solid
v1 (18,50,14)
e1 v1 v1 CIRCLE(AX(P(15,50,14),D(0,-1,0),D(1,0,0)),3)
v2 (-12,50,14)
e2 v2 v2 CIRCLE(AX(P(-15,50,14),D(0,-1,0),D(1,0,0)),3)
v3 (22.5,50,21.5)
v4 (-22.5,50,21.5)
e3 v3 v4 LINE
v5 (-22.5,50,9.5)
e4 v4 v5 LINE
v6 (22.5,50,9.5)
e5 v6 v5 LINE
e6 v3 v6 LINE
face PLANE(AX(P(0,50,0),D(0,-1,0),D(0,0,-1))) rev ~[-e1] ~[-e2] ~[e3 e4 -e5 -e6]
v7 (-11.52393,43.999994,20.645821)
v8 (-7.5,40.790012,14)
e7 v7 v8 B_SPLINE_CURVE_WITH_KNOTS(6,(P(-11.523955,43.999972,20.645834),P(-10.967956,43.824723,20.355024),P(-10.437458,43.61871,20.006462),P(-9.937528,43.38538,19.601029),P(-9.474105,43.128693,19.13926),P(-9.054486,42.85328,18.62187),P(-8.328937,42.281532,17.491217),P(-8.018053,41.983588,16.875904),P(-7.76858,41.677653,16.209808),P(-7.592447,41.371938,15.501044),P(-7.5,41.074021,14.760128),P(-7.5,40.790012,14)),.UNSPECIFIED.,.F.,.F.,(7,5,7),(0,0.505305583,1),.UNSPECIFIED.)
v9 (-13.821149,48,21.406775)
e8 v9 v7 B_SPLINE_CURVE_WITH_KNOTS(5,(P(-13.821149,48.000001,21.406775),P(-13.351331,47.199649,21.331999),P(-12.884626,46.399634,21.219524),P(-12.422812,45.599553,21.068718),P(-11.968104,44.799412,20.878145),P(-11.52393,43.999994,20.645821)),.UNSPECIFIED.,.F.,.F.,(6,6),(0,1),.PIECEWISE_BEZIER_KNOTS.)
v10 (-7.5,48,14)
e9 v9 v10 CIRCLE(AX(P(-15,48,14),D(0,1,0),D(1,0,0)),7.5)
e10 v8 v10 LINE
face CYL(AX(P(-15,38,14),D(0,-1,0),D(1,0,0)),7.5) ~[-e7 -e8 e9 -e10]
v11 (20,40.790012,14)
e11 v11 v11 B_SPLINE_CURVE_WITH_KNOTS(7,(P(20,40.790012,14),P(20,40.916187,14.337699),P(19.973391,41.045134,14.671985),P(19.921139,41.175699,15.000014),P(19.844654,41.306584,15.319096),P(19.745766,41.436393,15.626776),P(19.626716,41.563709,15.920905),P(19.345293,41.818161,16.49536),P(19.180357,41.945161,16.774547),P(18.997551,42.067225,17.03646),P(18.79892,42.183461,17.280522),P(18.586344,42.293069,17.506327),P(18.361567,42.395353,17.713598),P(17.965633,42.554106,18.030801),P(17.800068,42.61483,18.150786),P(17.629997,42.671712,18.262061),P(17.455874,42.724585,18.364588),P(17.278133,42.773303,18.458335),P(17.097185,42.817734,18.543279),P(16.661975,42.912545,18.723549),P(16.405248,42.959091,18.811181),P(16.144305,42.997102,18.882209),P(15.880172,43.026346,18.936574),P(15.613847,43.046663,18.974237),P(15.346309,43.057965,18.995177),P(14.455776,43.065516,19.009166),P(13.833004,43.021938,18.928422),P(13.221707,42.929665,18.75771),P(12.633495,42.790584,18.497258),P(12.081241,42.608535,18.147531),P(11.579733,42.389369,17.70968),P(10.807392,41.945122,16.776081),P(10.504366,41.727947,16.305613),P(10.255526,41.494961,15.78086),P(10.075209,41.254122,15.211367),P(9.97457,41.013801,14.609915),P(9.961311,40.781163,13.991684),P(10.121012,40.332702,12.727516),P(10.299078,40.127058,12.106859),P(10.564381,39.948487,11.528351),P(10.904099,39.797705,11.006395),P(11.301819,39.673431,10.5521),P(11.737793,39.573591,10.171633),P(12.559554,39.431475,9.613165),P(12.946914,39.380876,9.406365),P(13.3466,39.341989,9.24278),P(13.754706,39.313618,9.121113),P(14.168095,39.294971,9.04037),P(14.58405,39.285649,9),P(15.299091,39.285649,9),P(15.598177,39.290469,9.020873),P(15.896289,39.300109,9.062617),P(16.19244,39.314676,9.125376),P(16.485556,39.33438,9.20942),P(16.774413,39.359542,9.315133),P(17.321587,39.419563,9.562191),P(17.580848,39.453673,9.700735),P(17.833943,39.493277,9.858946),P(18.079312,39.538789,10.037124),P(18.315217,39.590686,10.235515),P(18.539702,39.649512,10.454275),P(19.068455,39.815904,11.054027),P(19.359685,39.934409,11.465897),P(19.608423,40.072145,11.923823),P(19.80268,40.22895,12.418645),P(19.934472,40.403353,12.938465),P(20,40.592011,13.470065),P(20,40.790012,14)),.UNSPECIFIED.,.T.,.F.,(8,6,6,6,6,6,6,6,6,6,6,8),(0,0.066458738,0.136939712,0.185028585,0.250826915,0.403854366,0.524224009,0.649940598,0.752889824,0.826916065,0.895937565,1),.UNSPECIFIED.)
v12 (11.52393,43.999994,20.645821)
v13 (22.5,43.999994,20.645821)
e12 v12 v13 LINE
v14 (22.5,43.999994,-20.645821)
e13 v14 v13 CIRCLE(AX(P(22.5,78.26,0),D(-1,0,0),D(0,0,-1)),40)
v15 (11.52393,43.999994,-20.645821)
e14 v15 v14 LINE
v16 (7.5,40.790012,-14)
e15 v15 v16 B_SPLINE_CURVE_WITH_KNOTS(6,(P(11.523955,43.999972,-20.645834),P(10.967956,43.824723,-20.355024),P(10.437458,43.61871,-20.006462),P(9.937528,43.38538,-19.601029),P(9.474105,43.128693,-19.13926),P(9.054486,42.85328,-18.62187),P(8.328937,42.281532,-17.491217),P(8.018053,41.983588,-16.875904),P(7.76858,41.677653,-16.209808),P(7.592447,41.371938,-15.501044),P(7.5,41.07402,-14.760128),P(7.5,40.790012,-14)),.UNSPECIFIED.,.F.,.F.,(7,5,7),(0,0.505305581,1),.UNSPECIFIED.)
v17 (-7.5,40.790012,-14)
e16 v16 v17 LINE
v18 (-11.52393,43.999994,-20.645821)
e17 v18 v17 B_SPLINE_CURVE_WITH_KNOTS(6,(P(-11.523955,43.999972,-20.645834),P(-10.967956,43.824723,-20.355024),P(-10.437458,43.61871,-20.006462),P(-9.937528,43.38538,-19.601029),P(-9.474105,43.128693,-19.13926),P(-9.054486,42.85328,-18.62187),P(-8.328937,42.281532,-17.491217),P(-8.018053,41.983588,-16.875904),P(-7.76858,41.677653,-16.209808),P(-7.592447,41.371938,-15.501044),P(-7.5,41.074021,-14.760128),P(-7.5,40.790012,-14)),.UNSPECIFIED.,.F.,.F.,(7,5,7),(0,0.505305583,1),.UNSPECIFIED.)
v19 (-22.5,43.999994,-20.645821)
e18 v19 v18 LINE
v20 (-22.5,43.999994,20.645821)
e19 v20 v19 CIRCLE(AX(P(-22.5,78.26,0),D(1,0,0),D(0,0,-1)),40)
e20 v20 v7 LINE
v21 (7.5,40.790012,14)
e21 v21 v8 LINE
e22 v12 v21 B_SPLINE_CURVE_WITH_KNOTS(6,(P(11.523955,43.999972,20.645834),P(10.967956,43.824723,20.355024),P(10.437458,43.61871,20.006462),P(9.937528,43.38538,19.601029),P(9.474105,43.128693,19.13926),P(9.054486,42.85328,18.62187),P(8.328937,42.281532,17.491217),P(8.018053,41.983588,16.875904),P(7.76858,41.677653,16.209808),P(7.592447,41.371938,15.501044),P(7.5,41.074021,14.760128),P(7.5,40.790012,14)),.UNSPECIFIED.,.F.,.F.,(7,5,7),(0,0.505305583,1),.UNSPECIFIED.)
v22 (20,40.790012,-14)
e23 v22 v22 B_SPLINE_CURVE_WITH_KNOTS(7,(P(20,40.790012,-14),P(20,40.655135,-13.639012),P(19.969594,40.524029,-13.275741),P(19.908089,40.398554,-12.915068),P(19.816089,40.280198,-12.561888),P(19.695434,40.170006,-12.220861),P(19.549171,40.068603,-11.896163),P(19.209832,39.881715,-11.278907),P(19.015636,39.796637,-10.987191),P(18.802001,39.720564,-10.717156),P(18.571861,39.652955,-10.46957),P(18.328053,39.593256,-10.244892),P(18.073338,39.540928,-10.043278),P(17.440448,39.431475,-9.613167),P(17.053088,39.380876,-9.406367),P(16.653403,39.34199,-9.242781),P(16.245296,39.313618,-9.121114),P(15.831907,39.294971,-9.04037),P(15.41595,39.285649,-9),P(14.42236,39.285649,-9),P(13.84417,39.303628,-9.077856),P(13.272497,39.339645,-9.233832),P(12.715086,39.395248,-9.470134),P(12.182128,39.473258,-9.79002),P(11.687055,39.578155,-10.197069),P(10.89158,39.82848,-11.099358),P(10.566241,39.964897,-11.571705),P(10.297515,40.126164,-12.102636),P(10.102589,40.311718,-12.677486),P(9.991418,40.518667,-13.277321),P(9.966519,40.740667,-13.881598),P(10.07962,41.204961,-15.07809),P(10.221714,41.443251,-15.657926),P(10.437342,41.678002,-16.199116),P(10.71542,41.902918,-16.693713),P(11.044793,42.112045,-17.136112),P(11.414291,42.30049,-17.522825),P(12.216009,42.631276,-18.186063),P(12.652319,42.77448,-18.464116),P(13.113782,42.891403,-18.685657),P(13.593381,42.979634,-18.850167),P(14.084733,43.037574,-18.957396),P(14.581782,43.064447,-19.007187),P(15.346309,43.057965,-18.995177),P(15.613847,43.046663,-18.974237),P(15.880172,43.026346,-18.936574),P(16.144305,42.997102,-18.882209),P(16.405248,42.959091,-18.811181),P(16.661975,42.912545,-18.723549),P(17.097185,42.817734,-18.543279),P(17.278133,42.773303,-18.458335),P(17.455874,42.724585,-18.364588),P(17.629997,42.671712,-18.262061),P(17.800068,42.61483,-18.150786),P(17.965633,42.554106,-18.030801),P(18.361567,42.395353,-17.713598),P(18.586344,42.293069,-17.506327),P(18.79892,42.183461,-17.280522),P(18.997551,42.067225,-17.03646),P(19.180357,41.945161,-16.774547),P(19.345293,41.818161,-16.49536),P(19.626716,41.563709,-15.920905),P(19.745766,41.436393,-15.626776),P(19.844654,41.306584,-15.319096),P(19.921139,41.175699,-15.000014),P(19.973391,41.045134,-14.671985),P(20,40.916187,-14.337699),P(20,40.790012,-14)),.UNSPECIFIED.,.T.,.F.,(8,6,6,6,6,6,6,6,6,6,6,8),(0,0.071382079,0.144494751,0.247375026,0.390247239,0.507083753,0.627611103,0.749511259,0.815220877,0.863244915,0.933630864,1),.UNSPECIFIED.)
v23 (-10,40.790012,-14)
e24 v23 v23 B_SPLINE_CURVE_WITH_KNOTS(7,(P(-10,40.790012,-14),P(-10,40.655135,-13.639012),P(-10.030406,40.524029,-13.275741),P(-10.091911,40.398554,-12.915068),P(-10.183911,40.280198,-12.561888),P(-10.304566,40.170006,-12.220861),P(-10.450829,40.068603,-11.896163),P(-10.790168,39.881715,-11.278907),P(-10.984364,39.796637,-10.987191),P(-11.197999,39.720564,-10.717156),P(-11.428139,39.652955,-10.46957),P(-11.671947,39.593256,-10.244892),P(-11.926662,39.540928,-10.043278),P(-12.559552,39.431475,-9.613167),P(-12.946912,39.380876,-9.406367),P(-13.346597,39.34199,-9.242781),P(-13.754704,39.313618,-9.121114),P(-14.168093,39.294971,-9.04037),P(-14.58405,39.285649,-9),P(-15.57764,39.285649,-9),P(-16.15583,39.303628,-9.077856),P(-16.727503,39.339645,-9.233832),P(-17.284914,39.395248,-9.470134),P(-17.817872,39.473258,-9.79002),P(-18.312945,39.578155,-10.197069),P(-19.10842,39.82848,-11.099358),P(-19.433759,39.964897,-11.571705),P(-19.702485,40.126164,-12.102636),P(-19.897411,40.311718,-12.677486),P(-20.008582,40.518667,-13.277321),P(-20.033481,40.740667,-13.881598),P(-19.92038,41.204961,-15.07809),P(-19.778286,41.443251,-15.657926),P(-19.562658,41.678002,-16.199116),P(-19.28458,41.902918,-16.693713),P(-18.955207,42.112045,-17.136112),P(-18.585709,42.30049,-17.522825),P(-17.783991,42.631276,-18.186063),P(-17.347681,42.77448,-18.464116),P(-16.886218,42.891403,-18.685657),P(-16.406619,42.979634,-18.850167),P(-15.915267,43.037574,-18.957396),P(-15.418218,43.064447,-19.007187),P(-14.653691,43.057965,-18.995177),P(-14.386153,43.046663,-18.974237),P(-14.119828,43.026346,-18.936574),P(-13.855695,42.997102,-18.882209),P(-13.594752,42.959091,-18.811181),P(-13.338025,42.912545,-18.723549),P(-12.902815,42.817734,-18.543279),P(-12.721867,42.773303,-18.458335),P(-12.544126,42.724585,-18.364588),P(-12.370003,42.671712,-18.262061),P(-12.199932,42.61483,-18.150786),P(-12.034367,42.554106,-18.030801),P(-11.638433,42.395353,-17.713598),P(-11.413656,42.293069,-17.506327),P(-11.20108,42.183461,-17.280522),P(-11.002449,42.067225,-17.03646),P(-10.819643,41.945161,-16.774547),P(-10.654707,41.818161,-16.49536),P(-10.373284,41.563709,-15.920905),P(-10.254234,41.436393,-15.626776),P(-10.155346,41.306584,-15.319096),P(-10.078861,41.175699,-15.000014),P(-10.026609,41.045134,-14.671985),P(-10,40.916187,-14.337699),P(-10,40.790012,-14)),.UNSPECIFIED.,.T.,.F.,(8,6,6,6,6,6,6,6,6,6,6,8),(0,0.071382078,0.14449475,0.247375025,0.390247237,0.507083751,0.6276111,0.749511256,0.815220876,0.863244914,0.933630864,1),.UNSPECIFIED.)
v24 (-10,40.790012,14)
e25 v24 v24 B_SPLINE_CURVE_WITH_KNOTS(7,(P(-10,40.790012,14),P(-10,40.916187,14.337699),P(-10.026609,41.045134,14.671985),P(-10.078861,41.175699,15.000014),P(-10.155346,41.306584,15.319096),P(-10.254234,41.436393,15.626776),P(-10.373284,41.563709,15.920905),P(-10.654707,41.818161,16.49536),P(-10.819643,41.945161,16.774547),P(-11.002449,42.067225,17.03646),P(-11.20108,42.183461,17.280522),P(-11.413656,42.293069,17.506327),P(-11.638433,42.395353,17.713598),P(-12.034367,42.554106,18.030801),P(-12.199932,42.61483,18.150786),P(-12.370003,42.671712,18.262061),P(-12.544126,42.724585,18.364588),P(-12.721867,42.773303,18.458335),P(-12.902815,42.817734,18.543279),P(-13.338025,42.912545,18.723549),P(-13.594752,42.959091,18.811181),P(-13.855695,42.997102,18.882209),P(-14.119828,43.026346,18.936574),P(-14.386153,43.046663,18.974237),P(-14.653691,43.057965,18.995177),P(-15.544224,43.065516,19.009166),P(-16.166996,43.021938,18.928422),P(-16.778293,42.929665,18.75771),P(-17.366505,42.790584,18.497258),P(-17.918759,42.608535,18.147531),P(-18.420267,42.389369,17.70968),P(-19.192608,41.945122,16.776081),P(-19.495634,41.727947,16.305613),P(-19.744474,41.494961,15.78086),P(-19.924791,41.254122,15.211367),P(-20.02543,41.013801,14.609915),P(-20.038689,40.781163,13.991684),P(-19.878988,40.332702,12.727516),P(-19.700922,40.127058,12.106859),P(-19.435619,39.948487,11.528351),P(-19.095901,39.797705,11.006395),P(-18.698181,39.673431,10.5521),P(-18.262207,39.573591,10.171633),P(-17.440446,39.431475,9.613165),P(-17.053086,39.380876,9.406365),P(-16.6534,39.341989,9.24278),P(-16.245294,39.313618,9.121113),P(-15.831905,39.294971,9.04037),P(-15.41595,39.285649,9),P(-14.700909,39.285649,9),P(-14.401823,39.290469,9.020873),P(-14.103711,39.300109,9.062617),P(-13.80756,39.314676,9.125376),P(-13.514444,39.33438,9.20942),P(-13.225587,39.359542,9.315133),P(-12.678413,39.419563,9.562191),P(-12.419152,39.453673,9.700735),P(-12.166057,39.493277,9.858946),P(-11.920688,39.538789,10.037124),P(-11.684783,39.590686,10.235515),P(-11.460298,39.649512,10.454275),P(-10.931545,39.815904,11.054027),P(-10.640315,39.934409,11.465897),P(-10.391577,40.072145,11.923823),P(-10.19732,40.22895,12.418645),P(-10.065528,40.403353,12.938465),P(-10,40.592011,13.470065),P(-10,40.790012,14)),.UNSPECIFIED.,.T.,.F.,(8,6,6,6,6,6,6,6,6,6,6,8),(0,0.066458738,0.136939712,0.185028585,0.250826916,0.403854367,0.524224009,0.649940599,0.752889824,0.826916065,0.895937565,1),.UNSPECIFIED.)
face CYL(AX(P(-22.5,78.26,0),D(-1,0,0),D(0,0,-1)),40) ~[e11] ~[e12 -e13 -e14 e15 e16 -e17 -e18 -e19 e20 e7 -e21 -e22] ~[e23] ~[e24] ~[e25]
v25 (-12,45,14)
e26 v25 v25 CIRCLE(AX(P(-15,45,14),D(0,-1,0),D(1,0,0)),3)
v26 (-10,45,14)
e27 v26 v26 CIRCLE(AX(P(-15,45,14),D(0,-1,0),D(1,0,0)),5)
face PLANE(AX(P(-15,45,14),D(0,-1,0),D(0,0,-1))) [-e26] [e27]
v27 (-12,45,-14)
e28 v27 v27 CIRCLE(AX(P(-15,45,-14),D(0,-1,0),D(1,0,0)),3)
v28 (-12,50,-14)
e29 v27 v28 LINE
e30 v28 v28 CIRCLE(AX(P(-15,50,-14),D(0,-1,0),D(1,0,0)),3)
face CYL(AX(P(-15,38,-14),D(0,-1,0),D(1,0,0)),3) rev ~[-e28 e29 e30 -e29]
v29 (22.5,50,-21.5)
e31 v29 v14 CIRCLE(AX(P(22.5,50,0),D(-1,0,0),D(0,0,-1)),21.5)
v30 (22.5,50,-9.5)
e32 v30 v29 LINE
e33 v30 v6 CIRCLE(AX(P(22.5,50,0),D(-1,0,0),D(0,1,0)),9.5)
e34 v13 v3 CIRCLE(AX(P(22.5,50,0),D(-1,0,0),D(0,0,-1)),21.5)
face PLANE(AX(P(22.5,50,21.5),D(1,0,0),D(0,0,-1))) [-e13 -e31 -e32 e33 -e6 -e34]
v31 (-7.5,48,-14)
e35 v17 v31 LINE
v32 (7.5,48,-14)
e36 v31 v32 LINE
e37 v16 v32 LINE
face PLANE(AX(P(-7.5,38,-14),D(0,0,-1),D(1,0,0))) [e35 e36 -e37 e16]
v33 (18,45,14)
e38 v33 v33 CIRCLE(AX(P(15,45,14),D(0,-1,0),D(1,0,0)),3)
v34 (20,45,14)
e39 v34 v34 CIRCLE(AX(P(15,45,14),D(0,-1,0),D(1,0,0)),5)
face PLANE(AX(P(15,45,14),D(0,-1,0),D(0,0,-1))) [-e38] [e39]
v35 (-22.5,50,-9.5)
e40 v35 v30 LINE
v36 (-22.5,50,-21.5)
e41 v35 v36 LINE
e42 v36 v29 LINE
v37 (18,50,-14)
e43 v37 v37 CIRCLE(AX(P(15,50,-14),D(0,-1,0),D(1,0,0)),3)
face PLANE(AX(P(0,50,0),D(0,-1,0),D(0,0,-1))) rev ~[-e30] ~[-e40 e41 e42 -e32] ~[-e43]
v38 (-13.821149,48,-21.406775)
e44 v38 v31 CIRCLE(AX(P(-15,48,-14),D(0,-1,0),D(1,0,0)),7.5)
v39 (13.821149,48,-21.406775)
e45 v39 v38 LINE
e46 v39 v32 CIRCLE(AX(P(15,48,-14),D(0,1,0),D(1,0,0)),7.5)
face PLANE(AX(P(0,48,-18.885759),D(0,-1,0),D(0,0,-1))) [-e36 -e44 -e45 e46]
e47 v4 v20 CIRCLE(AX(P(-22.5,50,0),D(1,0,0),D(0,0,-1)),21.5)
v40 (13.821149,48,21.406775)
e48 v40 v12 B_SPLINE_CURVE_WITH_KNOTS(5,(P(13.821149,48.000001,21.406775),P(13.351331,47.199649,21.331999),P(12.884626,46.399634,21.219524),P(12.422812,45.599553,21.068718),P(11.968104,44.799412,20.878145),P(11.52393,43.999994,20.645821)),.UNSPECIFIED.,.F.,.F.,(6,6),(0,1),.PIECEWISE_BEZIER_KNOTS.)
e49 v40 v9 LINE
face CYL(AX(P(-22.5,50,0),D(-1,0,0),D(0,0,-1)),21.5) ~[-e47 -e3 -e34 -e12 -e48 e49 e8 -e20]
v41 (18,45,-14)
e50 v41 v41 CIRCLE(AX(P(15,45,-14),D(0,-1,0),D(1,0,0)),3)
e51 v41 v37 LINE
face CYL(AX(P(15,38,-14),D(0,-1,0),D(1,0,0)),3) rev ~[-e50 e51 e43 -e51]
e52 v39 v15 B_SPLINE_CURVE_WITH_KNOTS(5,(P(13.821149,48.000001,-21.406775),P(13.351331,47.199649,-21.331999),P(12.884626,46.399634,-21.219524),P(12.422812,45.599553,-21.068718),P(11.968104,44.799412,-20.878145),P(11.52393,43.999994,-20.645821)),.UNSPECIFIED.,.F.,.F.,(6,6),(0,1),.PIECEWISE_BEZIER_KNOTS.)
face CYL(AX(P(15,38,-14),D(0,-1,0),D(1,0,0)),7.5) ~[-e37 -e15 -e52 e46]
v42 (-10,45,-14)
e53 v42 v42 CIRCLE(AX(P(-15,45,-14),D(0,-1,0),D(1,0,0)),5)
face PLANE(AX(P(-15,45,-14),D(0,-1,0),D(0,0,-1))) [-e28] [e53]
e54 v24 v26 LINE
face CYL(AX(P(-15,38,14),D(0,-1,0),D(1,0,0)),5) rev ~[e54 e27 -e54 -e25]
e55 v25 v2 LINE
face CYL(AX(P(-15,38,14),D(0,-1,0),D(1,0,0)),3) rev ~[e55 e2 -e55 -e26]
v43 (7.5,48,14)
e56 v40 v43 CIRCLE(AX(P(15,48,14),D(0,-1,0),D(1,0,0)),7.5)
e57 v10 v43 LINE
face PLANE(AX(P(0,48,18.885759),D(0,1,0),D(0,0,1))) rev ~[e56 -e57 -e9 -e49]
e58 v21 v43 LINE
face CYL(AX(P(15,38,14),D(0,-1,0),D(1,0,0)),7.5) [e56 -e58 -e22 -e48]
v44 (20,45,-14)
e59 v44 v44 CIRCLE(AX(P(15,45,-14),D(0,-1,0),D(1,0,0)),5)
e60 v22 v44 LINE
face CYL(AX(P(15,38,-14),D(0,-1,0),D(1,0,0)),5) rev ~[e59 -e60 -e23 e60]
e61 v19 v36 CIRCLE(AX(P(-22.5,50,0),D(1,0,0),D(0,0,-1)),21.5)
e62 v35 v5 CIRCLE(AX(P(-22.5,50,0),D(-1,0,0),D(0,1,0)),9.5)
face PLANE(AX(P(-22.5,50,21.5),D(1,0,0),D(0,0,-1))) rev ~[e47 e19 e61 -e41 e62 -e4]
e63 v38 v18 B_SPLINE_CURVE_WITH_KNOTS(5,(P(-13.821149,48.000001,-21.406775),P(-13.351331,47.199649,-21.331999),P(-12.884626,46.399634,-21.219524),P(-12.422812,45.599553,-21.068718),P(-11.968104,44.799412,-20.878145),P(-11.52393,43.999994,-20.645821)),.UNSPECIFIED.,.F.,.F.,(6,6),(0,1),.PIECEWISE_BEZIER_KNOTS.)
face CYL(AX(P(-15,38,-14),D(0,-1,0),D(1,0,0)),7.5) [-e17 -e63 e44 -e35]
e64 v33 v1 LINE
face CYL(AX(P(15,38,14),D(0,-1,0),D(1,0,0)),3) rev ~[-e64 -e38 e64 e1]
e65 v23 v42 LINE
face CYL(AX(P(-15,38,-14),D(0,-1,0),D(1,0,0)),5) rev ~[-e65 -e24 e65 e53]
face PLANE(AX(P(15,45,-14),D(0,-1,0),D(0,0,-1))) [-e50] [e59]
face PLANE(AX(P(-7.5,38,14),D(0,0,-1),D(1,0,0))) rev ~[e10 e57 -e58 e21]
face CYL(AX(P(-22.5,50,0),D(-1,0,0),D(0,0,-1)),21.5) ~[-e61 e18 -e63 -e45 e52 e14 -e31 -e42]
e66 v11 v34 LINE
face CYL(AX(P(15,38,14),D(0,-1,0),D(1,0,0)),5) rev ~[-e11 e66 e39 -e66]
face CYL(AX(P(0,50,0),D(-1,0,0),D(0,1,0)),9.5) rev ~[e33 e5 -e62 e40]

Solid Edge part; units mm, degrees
sketch "Sketch1" plane through (0, 50, 11.75) normal (0, -1, 0) x (1, 0, 0)
  line L0 (-22.5, -33.25) -> (22.5, -33.25)
  line L1 (22.5, 9.75) -> (22.5, -33.25)
  line L2 (22.5, 9.75) -> (-22.5, 9.75)
  line L3 (-22.5, 9.75) -> (-22.5, -33.25)
  dimension "D1" = 45
  dimension "D2" = 43
extrude "ExtrudedProtrusion_2" add sketch "Sketch1" along normal blind 12
sketch "Sketch2" plane through (0, 0, 0) normal (1, 0, 0) x (0, 1, 0)
  arc A0 (50, -9.5) -> (50, 9.5) centre (50, 0) cw
  line L0 (50, 9.5) -> (50, -9.5)
  dimension "D1" = 9.5
  dimension "D2" = 19
extrude "Cutout1" cut sketch "Sketch2" along normal through all and the other way through all
sketch "Sketch3" plane through (-22.5, 44, 0) normal (-1, 0, 0) x (0, 0, -1)
  arc A0 (20.6458, 0) -> (21.5, -6) centre (0, -6) cw
  line L0 (27.9876, -6) -> (21.5, -6)
  line L1 (27.9876, 18.1819) -> (27.9876, -6)
  line L2 (-27.4197, 18.1819) -> (27.9876, 18.1819)
  line L3 (-27.4197, -6) -> (-27.4197, 18.1819)
  line L4 (-21.5, -6) -> (-27.4197, -6)
  arc A1 (-21.5, -6) -> (-20.6458, 0) centre (0, -6) cw
  arc A2 (-20.6458, 0) -> (20.6458, 0) centre (0, -34.26) cw
  dimension "D1" = 6
  dimension "D2" = 40
extrude "Cutout2" cut sketch "Sketch3" against normal up to next
sketch "Sketch4" plane through (0, 38, 0) normal (0, -1, 0) x (1, 0, 0)
  circle A0 centre (-15, 14) radius 3
  circle A1 centre (15, 14) radius 3
  circle A2 centre (-15, -14) radius 3
  circle A3 centre (15, -14) radius 3
  dimension "D1" = 6
  dimension "D2" = 7.5
  dimension "D3" = 30
  dimension "D4" = 15
extrude "Cutout3" cut sketch "Sketch4" against normal through all
sketch "Sketch5" plane through (0, 38, 0) normal (0, -1, 0) x (1, 0, 0)
  circle A0 centre (-15, 14) radius 5
  circle A1 centre (15, 14) radius 5
  circle A2 centre (15, -14) radius 5
  circle A3 centre (-15, -14) radius 5
  dimension "D1" = 10
extrude "Cutout4" cut sketch "Sketch5" against normal blind 7
sketch "Sketch6" plane through (0, 38, 0) normal (0, -1, 0) x (1, 0, 0)
  arc A0 (15, 21.5) -> (7.5, 14) centre (15, 14) ccw
  line L0 (-7.5, 14) -> (7.5, 14)
  arc A1 (-15, 21.5) -> (-7.5, 14) centre (-15, 14) cw
  line L1 (-15, 21.5) -> (15, 21.5)
  arc A2 (15, -21.5) -> (7.5, -14) centre (15, -14) cw
  line L2 (-7.5, -14) -> (7.5, -14)
  arc A3 (-15, -21.5) -> (-7.5, -14) centre (-15, -14) ccw
  line L3 (-15, -21.5) -> (15, -21.5)
extrude "ExtrudedCutout_9" cut sketch "Sketch6" against normal blind 10
properties material "Aluminum, 1060"
